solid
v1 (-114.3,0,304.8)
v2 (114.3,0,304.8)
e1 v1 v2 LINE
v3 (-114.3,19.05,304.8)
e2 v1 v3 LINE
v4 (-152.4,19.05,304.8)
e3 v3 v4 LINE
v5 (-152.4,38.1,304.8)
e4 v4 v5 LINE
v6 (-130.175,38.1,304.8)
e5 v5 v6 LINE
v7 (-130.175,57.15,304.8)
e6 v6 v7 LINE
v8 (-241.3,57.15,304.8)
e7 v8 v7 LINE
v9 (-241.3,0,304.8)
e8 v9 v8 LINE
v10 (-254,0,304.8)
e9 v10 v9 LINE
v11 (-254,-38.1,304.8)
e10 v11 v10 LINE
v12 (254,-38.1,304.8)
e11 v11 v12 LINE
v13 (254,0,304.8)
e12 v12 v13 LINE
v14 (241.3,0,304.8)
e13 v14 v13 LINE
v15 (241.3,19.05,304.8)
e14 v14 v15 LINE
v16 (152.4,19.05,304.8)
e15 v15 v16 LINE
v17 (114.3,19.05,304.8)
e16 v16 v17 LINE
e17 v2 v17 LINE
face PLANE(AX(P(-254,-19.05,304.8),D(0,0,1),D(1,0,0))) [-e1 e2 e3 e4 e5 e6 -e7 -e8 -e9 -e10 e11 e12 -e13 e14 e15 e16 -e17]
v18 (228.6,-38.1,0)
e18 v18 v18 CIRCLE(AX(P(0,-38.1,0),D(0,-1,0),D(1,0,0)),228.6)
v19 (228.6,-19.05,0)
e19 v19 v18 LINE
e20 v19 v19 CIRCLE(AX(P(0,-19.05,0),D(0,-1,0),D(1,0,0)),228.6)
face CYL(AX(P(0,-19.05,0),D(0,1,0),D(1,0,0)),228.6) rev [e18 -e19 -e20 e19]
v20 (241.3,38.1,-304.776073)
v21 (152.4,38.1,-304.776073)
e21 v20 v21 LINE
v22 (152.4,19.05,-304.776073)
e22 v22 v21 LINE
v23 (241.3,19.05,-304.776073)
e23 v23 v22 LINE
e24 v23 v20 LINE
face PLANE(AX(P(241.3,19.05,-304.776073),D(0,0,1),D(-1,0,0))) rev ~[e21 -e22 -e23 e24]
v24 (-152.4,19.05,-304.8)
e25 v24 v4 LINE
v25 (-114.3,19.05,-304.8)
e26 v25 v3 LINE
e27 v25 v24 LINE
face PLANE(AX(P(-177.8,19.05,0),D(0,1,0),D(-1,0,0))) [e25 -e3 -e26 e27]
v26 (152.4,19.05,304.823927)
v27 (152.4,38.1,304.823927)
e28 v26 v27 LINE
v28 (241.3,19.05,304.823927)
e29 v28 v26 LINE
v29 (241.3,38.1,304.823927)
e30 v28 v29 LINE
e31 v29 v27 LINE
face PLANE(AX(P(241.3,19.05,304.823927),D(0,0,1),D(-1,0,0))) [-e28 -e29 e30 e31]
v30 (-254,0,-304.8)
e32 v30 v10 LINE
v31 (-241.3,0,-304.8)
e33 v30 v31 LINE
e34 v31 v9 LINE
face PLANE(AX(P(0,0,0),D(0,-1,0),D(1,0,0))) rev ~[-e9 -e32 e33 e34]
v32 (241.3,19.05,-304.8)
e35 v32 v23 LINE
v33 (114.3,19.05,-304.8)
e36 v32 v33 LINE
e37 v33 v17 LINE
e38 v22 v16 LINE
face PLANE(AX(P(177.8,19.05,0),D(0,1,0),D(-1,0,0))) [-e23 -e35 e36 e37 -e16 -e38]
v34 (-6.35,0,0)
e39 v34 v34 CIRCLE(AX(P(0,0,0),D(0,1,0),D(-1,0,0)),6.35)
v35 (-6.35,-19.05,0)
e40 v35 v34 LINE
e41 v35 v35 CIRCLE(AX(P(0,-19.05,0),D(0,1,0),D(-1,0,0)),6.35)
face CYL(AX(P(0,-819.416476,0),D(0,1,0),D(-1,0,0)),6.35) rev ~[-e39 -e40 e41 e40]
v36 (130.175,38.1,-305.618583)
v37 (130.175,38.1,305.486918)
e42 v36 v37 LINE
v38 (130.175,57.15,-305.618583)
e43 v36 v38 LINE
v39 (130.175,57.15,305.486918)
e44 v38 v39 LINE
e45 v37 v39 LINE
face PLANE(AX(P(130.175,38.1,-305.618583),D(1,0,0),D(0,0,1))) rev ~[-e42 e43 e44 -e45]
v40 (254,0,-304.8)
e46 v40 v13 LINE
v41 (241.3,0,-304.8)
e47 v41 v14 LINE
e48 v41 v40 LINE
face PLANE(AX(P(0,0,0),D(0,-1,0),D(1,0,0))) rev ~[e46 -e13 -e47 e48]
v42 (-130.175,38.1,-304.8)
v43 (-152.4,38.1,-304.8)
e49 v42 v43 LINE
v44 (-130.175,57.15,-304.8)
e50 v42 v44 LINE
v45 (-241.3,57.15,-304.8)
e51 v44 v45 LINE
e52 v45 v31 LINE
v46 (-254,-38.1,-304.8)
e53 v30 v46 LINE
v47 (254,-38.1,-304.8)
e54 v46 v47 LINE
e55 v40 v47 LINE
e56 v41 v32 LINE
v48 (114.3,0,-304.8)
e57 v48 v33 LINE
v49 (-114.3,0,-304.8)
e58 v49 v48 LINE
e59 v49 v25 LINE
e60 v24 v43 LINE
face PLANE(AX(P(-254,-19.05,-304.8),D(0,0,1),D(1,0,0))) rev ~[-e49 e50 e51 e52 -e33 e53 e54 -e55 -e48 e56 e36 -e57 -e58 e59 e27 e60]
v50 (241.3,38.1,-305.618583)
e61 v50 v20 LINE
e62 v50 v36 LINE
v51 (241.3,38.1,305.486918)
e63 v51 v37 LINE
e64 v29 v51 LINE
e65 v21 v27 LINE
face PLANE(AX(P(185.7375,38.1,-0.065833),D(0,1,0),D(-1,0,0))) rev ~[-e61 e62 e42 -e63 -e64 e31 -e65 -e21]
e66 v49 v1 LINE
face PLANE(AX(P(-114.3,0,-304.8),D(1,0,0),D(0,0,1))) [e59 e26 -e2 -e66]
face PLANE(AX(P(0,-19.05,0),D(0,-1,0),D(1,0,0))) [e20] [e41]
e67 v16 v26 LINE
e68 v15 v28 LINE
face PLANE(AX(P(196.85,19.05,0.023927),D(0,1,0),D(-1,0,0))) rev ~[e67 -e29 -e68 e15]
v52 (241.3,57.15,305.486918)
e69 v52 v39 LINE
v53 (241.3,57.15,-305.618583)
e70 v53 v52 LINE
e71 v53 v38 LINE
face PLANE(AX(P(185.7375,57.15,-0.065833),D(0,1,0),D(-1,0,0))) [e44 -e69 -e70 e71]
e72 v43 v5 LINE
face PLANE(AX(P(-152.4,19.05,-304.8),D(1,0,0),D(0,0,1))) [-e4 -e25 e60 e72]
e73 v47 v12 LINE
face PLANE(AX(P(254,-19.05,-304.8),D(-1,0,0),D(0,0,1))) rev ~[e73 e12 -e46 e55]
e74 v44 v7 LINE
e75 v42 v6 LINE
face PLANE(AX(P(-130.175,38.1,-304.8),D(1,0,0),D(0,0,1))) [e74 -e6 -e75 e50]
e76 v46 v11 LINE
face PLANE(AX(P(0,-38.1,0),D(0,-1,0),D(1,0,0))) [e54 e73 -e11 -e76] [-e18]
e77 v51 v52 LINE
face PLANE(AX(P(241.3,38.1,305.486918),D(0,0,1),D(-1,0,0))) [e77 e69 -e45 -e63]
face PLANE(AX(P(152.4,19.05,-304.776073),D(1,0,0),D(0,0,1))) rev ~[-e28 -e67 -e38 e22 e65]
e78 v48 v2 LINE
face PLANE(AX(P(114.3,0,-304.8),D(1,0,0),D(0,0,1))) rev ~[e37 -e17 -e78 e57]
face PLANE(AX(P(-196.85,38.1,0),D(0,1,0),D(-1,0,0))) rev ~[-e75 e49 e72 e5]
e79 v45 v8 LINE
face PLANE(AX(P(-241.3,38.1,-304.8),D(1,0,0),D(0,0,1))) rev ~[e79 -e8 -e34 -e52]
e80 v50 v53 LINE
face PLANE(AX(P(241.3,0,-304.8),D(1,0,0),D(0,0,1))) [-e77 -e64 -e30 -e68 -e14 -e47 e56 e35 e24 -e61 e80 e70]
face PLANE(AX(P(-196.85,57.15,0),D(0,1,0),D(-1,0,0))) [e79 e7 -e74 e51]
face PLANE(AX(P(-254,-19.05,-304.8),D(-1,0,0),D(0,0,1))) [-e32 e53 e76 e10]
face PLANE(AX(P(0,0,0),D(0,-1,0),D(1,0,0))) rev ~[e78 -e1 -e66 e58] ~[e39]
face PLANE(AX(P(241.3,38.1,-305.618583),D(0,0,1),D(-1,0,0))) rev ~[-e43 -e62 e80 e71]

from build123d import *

# Parameters (mm, degrees)
F0_W     = 508
F0_H     = 609.6
F1_DEPTH = 19.05
F2_W     = 127
F2_H     = 609.6
F3_DEPTH = 19.05
F4_W     = 88.9
F4_H     = 609.6
F5_DEPTH = 19.05
F6_W     = 88.9
F6_H     = 609.6
F6_W_2   = 22.225
F6_W_3   = 111.125
F6_H_2   = 611.105501
F7_DEPTH = 19.05
F8_W     = 508
F8_H     = 609.6
F8_R     = 228.6
F9_DEPTH = 19.05
F10_D    = 12.7


with BuildPart() as f1:
    # F0 (on Front) → F1 (new body)
    with BuildSketch(Plane.XZ):
        Rectangle(F0_W, F0_H)
    extrude(amount=F1_DEPTH)

    # F2 (on face) → F3 (join)
    with BuildSketch(Plane(origin=(0, 0, 0), x_dir=(-1, 0, 0), z_dir=(0, 1, 0))):
        with Locations((177.8, 0)):
            Rectangle(F2_W, F2_H)
        with Locations((-177.8, 0)):
            Rectangle(F2_W, F2_H)
    extrude(amount=F3_DEPTH)

    # F4 (on face) → F5 (join)
    with BuildSketch(Plane(origin=(0, 19.05, 0), x_dir=(-1, 0, 0), z_dir=(0, 1, 0))):
        with Locations((196.85, 0)):
            Rectangle(F4_W, F4_H)
        with Locations((-196.85, 0.023927)):
            Rectangle(F4_W, F4_H)
    extrude(amount=F5_DEPTH)

    # F6 (on face) → F7 (join)
    with BuildSketch(Plane(origin=(0, 38.1, 0), x_dir=(-1, 0, 0), z_dir=(0, 1, 0))):
        with Locations((196.85, 0)):
            Rectangle(F6_W, F6_H)
        with Locations((141.2875, 0)):
            Rectangle(F6_W_2, F6_H)
        with Locations((-185.7375, -0.065833)):
            Rectangle(F6_W_3, F6_H_2)
    extrude(amount=F7_DEPTH)

    # F8 (on face) → F9 (join)
    with BuildSketch(Plane.XZ.offset(19.05)):
        Rectangle(F8_W, F8_H)
        Circle(F8_R, mode=Mode.SUBTRACT)
    extrude(amount=F9_DEPTH)

    # F10 (through all)
    with Locations(Plane.XZ.offset(19.05)):
        with Locations((0, 0)):
            Hole(F10_D / 2)


solid = f1.part
